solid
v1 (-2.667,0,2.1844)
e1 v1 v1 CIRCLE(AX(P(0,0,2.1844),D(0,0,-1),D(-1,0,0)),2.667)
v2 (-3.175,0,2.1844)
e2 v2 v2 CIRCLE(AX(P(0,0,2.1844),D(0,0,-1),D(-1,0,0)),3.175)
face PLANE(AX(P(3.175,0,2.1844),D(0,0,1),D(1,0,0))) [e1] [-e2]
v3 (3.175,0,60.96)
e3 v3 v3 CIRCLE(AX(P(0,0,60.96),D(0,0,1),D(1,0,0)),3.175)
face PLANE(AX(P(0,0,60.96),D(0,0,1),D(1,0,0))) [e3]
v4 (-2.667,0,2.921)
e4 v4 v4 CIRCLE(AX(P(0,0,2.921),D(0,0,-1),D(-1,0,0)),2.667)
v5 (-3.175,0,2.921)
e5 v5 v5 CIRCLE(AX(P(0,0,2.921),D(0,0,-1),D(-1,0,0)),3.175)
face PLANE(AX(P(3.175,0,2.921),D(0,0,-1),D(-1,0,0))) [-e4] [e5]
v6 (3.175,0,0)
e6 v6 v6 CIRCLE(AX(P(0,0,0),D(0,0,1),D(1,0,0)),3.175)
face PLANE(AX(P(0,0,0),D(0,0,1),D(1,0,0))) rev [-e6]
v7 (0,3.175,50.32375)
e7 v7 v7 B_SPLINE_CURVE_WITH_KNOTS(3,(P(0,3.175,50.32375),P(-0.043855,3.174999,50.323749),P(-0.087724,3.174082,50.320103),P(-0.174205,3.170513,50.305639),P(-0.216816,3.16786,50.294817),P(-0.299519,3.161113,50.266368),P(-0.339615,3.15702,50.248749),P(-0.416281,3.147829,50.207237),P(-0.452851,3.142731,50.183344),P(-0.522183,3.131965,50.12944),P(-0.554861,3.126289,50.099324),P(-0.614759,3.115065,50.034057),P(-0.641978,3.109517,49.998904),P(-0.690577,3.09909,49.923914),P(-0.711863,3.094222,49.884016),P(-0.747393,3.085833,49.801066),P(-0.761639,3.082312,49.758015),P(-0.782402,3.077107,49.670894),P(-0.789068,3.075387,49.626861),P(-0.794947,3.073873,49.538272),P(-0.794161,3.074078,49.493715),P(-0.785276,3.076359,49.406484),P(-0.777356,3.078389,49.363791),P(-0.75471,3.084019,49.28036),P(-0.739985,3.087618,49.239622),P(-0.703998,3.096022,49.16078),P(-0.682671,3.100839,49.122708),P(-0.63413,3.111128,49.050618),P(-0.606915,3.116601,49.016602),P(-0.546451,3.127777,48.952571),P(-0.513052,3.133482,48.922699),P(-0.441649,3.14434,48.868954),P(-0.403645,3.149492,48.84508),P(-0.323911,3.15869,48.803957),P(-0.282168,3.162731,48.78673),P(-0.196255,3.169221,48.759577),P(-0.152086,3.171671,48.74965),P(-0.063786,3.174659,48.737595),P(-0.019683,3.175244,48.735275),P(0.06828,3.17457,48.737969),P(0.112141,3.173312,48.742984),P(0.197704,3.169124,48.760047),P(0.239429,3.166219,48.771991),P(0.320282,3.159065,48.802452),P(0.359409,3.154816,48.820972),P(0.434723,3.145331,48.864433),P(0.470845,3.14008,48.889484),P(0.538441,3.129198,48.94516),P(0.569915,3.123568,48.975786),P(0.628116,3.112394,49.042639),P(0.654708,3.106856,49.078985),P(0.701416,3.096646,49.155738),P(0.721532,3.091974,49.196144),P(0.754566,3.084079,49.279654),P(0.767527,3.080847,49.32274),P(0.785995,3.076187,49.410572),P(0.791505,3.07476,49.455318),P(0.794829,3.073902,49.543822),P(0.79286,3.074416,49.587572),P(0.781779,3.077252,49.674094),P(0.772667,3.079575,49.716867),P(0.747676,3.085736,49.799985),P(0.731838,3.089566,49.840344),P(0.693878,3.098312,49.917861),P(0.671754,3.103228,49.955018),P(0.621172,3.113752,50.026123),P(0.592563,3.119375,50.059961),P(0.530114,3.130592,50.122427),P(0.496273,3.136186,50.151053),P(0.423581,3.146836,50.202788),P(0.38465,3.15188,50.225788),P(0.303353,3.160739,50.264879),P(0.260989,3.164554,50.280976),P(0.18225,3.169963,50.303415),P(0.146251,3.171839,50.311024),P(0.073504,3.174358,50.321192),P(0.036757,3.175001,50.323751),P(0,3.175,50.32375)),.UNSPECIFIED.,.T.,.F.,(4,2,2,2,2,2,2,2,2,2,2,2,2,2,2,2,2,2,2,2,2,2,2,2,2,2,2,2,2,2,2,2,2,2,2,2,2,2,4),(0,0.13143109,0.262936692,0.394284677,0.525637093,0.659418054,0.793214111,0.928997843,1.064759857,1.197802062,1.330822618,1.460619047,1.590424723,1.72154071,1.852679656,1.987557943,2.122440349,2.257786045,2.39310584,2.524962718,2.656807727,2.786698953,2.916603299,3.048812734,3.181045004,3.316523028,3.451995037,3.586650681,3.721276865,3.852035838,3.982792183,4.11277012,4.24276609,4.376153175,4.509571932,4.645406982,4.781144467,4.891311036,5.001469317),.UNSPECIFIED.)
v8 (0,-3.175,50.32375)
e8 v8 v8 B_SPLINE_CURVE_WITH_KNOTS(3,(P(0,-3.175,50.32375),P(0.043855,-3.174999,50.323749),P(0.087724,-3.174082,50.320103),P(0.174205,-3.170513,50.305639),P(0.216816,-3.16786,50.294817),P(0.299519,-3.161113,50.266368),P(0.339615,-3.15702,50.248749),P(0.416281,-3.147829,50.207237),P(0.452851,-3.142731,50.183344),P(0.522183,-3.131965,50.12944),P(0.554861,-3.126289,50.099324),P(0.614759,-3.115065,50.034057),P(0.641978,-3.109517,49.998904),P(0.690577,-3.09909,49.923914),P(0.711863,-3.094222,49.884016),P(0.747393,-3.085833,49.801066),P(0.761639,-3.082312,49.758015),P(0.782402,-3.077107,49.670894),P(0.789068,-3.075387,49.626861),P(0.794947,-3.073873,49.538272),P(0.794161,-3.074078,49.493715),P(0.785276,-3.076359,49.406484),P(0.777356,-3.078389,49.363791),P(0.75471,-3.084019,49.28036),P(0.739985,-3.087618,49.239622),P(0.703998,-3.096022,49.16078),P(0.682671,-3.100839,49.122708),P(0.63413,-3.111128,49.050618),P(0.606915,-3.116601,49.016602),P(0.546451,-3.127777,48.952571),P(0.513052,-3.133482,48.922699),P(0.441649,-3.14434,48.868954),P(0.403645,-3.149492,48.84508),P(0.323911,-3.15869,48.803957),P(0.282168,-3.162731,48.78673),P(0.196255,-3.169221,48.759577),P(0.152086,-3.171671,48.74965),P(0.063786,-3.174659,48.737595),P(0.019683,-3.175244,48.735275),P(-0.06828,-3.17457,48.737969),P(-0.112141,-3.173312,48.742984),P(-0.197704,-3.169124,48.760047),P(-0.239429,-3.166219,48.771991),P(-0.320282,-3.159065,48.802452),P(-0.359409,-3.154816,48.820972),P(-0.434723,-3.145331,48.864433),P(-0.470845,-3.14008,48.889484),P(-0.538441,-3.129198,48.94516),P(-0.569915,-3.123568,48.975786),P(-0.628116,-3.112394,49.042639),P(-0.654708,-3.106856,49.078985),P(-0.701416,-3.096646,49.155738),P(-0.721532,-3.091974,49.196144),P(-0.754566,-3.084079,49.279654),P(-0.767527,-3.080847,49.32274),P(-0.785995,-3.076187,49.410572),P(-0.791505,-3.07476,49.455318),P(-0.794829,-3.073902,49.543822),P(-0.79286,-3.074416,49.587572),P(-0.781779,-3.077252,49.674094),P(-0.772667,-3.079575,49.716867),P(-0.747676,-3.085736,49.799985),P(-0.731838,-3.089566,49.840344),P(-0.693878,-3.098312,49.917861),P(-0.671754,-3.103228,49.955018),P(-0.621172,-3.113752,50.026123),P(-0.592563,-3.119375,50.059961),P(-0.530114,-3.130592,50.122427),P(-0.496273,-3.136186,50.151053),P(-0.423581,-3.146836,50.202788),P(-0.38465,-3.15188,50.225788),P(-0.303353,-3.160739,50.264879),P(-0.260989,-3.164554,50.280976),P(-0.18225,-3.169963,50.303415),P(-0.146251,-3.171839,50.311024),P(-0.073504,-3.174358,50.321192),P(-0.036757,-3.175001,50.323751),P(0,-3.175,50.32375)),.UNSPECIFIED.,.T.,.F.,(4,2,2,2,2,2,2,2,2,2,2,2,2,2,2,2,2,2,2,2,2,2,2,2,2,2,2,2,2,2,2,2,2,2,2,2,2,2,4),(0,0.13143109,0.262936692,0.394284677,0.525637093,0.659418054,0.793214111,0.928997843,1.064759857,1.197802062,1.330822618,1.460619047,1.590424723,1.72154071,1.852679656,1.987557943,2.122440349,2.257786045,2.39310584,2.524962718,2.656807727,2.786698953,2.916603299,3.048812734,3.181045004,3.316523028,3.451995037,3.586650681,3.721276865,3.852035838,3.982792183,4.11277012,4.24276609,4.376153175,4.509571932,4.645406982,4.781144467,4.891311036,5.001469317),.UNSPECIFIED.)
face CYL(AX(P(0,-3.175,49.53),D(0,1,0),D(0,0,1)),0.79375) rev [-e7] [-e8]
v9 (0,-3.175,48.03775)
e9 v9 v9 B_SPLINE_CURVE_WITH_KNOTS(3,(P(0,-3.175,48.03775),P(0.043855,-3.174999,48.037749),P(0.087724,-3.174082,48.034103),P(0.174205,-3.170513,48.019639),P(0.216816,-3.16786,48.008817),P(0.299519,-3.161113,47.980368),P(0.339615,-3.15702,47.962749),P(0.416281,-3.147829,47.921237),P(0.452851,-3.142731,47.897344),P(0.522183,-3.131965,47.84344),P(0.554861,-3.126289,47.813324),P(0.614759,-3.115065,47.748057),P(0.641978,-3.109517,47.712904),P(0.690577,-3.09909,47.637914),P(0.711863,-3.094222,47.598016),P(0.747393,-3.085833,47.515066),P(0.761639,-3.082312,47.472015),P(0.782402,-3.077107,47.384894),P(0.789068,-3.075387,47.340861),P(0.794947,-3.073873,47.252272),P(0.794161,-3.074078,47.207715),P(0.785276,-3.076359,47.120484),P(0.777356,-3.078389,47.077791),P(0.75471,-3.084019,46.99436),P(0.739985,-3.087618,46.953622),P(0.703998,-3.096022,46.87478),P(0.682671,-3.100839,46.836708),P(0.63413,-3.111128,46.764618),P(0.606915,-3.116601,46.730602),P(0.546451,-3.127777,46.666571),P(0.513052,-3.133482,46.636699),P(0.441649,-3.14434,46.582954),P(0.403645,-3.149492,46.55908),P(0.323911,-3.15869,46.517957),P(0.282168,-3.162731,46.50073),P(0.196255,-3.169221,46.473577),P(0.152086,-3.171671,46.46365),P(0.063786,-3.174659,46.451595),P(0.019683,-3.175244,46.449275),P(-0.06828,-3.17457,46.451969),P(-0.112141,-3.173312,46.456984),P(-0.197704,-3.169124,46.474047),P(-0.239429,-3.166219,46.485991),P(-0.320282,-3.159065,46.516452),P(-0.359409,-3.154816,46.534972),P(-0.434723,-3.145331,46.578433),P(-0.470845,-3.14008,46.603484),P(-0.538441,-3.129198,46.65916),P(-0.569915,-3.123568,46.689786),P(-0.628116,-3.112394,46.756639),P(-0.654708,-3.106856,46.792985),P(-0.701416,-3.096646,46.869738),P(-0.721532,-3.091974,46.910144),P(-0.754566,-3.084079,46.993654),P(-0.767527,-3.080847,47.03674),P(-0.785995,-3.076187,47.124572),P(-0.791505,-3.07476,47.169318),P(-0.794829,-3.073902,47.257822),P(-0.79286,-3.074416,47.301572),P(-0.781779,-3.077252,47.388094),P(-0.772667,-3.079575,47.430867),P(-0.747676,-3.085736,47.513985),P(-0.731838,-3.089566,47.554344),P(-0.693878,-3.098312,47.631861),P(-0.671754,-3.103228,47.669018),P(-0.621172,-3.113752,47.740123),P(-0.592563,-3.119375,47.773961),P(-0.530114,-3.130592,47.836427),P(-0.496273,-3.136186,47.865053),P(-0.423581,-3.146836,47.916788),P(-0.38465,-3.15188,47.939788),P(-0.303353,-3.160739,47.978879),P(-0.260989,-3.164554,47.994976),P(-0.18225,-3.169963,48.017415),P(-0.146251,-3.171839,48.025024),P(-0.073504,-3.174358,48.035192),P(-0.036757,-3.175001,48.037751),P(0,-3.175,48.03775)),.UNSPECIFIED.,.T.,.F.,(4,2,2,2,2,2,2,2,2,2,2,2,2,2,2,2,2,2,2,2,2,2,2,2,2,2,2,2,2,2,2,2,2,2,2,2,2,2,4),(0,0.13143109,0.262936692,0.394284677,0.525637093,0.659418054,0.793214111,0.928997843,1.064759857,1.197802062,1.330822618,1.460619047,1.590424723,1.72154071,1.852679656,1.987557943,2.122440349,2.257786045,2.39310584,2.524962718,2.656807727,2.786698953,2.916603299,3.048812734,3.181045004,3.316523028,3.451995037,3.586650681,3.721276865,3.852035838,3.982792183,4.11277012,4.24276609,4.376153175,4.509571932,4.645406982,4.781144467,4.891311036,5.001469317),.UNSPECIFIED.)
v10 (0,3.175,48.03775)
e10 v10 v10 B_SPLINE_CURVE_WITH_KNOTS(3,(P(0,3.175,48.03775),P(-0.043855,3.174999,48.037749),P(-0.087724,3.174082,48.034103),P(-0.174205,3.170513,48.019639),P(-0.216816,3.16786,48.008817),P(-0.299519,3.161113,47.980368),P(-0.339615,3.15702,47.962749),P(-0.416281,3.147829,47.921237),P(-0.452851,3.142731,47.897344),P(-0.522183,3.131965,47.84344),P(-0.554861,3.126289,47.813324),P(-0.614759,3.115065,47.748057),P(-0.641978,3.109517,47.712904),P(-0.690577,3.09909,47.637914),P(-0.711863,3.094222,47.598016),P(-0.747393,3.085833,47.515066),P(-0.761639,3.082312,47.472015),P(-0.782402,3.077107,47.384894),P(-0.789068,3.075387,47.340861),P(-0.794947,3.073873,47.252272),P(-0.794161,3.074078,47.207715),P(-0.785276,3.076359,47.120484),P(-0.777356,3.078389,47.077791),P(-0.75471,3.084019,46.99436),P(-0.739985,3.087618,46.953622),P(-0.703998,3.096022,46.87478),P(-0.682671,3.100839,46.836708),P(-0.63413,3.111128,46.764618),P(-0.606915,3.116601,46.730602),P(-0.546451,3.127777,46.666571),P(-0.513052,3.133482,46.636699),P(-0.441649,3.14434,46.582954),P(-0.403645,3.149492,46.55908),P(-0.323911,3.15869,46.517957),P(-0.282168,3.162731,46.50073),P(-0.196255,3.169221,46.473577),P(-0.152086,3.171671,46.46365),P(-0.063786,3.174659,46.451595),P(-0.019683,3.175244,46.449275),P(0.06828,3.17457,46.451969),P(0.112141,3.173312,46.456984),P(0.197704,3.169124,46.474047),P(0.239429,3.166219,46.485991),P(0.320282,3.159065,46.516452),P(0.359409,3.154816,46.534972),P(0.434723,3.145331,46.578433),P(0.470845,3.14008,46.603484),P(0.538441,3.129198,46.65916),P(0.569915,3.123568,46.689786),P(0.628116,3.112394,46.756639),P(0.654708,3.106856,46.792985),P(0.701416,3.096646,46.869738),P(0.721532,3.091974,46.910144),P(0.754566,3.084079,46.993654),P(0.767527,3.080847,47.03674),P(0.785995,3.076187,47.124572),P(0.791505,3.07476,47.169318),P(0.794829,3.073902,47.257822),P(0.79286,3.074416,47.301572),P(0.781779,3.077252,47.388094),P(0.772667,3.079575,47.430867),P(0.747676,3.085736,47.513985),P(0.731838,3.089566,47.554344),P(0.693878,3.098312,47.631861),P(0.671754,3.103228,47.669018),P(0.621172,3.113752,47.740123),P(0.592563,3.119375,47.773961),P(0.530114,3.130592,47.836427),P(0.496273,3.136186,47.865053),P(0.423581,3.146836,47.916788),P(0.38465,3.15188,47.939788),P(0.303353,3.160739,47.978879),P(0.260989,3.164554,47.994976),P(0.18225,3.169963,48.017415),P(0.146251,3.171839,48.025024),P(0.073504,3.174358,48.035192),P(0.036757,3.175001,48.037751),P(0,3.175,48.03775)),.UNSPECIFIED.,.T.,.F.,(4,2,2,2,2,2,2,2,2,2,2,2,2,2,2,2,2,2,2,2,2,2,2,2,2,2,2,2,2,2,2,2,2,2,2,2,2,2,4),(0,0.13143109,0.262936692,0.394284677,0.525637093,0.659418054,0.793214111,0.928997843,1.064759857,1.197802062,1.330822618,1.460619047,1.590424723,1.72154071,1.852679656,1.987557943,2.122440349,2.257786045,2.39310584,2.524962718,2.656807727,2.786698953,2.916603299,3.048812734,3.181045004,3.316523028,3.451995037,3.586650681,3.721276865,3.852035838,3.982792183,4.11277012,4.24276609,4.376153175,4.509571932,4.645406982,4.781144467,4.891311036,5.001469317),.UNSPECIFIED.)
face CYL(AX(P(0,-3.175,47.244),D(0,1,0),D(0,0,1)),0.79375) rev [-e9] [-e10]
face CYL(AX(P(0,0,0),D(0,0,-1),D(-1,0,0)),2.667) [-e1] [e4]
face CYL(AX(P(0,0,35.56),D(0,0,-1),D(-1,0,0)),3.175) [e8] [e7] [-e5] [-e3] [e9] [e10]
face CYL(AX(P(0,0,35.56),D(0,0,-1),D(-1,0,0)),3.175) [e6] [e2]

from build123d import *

# Parameters (mm, degrees)
SKETCH1_R               = 3.175
BOSS_EXTRUDE1_DEPTH     = 35.56
SKETCH3_W               = 0.508
SKETCH3_H               = 0.7366
SKETCH5_R               = 3.175
BOSS_EXTRUDE2_DEPTH     = 25.4
CUT_EXTRUDE1_DEPTH      = 62.1251409
CUT_EXTRUDE1_DEPTH_BACK = 62.1251409
SKETCH4_R               = 0.79375


with BuildPart() as part:
    # Sketch1 → Boss-Extrude1 (new body)
    with BuildSketch(Plane.XY):
        Circle(SKETCH1_R)
    extrude(amount=BOSS_EXTRUDE1_DEPTH)

    # Sketch3 → Cut-Revolve3 (revolve, cut)
    with BuildSketch(Plane(origin=(0, 0, 0), x_dir=(1, 0, 0), z_dir=(0, 1, 0)), mode=Mode.PRIVATE) as cut_revolve3_sk:
        with Locations((2.921, -2.5527)):
            Rectangle(SKETCH3_W, SKETCH3_H)
    revolve(cut_revolve3_sk.sketch.rotate(Axis((0, 0, 0), (0, 0, 1)), 180), axis=Axis((0, 0, 0), (0, 0, 1)), mode=Mode.SUBTRACT)

    # Sketch5 → Boss-Extrude2 (add)
    with BuildSketch(Plane.XY.offset(35.56)):
        with Locations(Location((0, 0, 0), (0, 0, 180))):
            Circle(SKETCH5_R)
    extrude(amount=BOSS_EXTRUDE2_DEPTH)

    # Sketch4 → Cut-Extrude1 (cut, two sides: drawn at the far end of the back side and taken through both)
    with BuildSketch(Plane(origin=(0, 0, 0), x_dir=(1, 0, 0), z_dir=(0, 1, 0)).offset(-CUT_EXTRUDE1_DEPTH_BACK)):
        with Locations(Location((0, -47.244, 0), (0, 0, 270))):
            Circle(SKETCH4_R)
        with Locations(Location((0, -49.53, 0), (0, 0, 270))):
            Circle(SKETCH4_R)
    extrude(amount=CUT_EXTRUDE1_DEPTH + CUT_EXTRUDE1_DEPTH_BACK, mode=Mode.SUBTRACT)


solid = part.part
